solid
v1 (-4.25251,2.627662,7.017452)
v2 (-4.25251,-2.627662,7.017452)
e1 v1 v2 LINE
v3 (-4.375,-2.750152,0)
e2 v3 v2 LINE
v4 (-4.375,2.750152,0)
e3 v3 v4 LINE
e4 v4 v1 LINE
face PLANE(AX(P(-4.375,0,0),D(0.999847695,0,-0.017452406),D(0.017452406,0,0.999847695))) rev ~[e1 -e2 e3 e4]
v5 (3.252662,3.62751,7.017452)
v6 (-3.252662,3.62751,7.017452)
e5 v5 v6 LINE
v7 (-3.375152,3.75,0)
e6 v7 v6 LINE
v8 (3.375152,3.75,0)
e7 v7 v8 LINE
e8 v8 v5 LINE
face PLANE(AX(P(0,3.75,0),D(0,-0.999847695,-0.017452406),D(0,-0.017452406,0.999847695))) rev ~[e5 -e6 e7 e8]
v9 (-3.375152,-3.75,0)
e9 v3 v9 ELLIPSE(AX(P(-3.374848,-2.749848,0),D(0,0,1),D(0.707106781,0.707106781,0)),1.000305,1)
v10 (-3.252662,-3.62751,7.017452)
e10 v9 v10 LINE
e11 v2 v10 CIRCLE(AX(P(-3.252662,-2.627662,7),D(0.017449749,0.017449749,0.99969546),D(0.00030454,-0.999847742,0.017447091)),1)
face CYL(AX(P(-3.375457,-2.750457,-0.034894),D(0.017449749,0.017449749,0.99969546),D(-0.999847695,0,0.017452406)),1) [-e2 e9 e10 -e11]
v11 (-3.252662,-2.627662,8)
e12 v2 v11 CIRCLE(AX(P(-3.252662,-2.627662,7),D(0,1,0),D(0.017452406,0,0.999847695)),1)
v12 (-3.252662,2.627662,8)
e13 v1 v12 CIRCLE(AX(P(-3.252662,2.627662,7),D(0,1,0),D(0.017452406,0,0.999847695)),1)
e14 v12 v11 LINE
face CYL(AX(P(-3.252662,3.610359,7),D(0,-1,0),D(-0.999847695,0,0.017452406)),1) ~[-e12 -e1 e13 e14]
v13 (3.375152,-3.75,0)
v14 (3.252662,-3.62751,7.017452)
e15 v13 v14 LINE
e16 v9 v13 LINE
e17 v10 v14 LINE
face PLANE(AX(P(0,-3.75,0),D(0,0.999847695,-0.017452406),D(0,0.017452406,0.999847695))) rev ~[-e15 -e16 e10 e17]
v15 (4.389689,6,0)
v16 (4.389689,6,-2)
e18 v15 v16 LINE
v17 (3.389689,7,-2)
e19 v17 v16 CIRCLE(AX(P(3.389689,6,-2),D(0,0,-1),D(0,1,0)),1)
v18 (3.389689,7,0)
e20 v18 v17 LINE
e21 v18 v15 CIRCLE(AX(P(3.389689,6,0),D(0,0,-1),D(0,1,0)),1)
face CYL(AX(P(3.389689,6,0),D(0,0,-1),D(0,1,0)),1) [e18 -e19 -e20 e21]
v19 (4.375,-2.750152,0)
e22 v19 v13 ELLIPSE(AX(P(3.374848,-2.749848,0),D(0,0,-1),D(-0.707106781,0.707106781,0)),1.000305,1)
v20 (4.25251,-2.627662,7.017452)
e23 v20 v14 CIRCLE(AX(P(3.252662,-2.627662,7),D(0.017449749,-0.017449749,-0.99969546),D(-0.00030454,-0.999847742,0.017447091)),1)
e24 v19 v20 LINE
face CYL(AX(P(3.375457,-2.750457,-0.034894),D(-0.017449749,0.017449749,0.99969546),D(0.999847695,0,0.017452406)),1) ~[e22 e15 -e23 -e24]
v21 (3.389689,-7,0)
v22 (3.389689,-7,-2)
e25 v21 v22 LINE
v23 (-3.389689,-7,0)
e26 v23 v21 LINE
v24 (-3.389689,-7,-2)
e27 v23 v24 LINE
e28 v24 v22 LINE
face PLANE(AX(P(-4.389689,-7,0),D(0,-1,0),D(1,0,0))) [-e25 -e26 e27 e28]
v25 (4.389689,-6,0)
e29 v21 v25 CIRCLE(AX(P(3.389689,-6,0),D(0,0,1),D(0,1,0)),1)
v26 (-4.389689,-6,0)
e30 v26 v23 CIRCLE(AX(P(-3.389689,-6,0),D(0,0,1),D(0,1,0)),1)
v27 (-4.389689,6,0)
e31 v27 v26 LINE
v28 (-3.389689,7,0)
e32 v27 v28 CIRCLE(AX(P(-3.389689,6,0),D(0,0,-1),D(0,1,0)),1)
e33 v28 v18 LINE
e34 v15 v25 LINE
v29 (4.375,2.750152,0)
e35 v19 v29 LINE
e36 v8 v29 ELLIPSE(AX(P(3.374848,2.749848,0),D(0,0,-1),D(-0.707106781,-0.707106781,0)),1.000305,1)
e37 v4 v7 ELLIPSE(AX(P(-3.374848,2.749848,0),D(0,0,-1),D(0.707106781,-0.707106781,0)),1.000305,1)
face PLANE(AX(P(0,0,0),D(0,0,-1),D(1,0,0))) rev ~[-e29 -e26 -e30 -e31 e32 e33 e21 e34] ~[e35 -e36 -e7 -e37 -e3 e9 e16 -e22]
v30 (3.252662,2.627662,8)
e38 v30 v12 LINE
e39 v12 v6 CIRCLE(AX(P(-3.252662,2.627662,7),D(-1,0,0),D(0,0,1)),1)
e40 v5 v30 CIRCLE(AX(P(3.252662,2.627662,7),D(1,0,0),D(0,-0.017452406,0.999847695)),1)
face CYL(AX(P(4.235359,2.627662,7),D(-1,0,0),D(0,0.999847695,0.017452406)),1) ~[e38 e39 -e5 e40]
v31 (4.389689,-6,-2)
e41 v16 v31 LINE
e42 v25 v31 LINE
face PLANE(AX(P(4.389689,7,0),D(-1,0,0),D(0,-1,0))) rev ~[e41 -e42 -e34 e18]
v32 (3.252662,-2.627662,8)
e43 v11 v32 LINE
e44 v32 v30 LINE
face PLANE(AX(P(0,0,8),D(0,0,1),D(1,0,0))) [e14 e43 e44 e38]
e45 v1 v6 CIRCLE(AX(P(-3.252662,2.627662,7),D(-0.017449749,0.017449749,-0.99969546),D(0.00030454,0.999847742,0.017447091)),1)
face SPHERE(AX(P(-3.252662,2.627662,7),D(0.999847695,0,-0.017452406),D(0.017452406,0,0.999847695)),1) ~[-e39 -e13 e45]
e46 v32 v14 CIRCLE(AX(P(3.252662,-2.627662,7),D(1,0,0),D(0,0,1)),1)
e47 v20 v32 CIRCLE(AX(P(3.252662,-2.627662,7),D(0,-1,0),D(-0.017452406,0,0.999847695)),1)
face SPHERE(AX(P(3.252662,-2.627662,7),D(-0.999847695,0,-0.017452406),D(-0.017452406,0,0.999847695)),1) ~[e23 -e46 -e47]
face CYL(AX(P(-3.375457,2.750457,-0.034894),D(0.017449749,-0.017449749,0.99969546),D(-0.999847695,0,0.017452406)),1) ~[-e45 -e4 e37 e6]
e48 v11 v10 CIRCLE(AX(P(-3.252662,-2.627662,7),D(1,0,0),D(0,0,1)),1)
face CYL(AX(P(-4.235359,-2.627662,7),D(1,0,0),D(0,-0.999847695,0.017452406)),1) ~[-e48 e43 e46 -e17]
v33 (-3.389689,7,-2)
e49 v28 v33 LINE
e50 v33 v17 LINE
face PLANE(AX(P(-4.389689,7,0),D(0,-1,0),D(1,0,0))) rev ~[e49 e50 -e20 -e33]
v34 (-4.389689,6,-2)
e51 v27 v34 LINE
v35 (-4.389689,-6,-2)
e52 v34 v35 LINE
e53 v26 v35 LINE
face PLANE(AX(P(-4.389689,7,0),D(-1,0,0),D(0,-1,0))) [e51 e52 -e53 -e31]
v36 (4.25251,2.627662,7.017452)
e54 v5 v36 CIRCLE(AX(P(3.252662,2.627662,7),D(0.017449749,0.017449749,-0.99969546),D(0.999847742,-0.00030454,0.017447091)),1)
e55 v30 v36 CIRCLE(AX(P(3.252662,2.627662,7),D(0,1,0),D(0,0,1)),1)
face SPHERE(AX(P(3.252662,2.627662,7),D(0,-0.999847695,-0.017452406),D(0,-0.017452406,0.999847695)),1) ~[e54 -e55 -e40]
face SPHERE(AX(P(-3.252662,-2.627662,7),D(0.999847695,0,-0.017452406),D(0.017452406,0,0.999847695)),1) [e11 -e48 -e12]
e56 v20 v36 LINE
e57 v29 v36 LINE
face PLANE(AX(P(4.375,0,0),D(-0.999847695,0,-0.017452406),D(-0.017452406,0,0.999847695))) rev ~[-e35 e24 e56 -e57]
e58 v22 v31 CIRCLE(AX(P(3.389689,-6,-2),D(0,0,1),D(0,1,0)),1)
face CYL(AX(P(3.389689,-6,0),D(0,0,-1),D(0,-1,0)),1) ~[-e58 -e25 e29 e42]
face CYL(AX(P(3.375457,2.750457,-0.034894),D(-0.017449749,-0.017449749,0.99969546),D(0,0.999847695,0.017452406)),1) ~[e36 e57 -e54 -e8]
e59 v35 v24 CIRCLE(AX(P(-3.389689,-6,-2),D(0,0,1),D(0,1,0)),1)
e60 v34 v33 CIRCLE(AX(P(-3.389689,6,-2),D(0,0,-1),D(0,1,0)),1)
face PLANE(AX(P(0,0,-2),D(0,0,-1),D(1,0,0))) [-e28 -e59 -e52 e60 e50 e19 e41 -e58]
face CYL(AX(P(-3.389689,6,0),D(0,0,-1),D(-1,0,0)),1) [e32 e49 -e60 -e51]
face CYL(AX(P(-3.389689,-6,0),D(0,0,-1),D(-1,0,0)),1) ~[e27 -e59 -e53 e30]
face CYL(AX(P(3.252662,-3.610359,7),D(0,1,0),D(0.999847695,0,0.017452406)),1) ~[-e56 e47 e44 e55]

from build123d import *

# Parameters (mm, degrees)
F0_W     = 8.75
F0_H     = 7.5
F1_DEPTH = 8
F1_TAPER = 1
F2_W     = 8.7793770789
F2_H     = 14
F3_DEPTH = 2
F4_R     = 1


with BuildPart() as f1:
    # F0 (on Top) → F1 (new body)
    with BuildSketch(Plane.XY):
        Rectangle(F0_W, F0_H)
    extrude(amount=F1_DEPTH, taper=F1_TAPER)

    # F2 (on face) → F3 (join)
    with BuildSketch(Plane(origin=(0, 0, 0), x_dir=(1, 0, 0), z_dir=(0, 0, -1))):
        Rectangle(F2_W, F2_H)
    extrude(amount=F3_DEPTH)

    # F4
    f4_edges = [f1.edges().sort_by_distance(p)[0] for p in [
        (0, -3.610359, 8),
        (4.235359, 0, 8),
        (0, 3.610359, 8),
        (-4.235359, 0, 8),
        (4.30518, -3.68018, 4),
        (-4.30518, -3.68018, 4),
        (-4.30518, 3.68018, 4),
        (4.30518, 3.68018, 4),
        (4.389689, -7, -1),
        (-4.389689, -7, -1),
        (4.389689, 7, -1),
        (-4.389689, 7, -1),
    ]]
    fillet(f4_edges, radius=F4_R)


solid = f1.part
